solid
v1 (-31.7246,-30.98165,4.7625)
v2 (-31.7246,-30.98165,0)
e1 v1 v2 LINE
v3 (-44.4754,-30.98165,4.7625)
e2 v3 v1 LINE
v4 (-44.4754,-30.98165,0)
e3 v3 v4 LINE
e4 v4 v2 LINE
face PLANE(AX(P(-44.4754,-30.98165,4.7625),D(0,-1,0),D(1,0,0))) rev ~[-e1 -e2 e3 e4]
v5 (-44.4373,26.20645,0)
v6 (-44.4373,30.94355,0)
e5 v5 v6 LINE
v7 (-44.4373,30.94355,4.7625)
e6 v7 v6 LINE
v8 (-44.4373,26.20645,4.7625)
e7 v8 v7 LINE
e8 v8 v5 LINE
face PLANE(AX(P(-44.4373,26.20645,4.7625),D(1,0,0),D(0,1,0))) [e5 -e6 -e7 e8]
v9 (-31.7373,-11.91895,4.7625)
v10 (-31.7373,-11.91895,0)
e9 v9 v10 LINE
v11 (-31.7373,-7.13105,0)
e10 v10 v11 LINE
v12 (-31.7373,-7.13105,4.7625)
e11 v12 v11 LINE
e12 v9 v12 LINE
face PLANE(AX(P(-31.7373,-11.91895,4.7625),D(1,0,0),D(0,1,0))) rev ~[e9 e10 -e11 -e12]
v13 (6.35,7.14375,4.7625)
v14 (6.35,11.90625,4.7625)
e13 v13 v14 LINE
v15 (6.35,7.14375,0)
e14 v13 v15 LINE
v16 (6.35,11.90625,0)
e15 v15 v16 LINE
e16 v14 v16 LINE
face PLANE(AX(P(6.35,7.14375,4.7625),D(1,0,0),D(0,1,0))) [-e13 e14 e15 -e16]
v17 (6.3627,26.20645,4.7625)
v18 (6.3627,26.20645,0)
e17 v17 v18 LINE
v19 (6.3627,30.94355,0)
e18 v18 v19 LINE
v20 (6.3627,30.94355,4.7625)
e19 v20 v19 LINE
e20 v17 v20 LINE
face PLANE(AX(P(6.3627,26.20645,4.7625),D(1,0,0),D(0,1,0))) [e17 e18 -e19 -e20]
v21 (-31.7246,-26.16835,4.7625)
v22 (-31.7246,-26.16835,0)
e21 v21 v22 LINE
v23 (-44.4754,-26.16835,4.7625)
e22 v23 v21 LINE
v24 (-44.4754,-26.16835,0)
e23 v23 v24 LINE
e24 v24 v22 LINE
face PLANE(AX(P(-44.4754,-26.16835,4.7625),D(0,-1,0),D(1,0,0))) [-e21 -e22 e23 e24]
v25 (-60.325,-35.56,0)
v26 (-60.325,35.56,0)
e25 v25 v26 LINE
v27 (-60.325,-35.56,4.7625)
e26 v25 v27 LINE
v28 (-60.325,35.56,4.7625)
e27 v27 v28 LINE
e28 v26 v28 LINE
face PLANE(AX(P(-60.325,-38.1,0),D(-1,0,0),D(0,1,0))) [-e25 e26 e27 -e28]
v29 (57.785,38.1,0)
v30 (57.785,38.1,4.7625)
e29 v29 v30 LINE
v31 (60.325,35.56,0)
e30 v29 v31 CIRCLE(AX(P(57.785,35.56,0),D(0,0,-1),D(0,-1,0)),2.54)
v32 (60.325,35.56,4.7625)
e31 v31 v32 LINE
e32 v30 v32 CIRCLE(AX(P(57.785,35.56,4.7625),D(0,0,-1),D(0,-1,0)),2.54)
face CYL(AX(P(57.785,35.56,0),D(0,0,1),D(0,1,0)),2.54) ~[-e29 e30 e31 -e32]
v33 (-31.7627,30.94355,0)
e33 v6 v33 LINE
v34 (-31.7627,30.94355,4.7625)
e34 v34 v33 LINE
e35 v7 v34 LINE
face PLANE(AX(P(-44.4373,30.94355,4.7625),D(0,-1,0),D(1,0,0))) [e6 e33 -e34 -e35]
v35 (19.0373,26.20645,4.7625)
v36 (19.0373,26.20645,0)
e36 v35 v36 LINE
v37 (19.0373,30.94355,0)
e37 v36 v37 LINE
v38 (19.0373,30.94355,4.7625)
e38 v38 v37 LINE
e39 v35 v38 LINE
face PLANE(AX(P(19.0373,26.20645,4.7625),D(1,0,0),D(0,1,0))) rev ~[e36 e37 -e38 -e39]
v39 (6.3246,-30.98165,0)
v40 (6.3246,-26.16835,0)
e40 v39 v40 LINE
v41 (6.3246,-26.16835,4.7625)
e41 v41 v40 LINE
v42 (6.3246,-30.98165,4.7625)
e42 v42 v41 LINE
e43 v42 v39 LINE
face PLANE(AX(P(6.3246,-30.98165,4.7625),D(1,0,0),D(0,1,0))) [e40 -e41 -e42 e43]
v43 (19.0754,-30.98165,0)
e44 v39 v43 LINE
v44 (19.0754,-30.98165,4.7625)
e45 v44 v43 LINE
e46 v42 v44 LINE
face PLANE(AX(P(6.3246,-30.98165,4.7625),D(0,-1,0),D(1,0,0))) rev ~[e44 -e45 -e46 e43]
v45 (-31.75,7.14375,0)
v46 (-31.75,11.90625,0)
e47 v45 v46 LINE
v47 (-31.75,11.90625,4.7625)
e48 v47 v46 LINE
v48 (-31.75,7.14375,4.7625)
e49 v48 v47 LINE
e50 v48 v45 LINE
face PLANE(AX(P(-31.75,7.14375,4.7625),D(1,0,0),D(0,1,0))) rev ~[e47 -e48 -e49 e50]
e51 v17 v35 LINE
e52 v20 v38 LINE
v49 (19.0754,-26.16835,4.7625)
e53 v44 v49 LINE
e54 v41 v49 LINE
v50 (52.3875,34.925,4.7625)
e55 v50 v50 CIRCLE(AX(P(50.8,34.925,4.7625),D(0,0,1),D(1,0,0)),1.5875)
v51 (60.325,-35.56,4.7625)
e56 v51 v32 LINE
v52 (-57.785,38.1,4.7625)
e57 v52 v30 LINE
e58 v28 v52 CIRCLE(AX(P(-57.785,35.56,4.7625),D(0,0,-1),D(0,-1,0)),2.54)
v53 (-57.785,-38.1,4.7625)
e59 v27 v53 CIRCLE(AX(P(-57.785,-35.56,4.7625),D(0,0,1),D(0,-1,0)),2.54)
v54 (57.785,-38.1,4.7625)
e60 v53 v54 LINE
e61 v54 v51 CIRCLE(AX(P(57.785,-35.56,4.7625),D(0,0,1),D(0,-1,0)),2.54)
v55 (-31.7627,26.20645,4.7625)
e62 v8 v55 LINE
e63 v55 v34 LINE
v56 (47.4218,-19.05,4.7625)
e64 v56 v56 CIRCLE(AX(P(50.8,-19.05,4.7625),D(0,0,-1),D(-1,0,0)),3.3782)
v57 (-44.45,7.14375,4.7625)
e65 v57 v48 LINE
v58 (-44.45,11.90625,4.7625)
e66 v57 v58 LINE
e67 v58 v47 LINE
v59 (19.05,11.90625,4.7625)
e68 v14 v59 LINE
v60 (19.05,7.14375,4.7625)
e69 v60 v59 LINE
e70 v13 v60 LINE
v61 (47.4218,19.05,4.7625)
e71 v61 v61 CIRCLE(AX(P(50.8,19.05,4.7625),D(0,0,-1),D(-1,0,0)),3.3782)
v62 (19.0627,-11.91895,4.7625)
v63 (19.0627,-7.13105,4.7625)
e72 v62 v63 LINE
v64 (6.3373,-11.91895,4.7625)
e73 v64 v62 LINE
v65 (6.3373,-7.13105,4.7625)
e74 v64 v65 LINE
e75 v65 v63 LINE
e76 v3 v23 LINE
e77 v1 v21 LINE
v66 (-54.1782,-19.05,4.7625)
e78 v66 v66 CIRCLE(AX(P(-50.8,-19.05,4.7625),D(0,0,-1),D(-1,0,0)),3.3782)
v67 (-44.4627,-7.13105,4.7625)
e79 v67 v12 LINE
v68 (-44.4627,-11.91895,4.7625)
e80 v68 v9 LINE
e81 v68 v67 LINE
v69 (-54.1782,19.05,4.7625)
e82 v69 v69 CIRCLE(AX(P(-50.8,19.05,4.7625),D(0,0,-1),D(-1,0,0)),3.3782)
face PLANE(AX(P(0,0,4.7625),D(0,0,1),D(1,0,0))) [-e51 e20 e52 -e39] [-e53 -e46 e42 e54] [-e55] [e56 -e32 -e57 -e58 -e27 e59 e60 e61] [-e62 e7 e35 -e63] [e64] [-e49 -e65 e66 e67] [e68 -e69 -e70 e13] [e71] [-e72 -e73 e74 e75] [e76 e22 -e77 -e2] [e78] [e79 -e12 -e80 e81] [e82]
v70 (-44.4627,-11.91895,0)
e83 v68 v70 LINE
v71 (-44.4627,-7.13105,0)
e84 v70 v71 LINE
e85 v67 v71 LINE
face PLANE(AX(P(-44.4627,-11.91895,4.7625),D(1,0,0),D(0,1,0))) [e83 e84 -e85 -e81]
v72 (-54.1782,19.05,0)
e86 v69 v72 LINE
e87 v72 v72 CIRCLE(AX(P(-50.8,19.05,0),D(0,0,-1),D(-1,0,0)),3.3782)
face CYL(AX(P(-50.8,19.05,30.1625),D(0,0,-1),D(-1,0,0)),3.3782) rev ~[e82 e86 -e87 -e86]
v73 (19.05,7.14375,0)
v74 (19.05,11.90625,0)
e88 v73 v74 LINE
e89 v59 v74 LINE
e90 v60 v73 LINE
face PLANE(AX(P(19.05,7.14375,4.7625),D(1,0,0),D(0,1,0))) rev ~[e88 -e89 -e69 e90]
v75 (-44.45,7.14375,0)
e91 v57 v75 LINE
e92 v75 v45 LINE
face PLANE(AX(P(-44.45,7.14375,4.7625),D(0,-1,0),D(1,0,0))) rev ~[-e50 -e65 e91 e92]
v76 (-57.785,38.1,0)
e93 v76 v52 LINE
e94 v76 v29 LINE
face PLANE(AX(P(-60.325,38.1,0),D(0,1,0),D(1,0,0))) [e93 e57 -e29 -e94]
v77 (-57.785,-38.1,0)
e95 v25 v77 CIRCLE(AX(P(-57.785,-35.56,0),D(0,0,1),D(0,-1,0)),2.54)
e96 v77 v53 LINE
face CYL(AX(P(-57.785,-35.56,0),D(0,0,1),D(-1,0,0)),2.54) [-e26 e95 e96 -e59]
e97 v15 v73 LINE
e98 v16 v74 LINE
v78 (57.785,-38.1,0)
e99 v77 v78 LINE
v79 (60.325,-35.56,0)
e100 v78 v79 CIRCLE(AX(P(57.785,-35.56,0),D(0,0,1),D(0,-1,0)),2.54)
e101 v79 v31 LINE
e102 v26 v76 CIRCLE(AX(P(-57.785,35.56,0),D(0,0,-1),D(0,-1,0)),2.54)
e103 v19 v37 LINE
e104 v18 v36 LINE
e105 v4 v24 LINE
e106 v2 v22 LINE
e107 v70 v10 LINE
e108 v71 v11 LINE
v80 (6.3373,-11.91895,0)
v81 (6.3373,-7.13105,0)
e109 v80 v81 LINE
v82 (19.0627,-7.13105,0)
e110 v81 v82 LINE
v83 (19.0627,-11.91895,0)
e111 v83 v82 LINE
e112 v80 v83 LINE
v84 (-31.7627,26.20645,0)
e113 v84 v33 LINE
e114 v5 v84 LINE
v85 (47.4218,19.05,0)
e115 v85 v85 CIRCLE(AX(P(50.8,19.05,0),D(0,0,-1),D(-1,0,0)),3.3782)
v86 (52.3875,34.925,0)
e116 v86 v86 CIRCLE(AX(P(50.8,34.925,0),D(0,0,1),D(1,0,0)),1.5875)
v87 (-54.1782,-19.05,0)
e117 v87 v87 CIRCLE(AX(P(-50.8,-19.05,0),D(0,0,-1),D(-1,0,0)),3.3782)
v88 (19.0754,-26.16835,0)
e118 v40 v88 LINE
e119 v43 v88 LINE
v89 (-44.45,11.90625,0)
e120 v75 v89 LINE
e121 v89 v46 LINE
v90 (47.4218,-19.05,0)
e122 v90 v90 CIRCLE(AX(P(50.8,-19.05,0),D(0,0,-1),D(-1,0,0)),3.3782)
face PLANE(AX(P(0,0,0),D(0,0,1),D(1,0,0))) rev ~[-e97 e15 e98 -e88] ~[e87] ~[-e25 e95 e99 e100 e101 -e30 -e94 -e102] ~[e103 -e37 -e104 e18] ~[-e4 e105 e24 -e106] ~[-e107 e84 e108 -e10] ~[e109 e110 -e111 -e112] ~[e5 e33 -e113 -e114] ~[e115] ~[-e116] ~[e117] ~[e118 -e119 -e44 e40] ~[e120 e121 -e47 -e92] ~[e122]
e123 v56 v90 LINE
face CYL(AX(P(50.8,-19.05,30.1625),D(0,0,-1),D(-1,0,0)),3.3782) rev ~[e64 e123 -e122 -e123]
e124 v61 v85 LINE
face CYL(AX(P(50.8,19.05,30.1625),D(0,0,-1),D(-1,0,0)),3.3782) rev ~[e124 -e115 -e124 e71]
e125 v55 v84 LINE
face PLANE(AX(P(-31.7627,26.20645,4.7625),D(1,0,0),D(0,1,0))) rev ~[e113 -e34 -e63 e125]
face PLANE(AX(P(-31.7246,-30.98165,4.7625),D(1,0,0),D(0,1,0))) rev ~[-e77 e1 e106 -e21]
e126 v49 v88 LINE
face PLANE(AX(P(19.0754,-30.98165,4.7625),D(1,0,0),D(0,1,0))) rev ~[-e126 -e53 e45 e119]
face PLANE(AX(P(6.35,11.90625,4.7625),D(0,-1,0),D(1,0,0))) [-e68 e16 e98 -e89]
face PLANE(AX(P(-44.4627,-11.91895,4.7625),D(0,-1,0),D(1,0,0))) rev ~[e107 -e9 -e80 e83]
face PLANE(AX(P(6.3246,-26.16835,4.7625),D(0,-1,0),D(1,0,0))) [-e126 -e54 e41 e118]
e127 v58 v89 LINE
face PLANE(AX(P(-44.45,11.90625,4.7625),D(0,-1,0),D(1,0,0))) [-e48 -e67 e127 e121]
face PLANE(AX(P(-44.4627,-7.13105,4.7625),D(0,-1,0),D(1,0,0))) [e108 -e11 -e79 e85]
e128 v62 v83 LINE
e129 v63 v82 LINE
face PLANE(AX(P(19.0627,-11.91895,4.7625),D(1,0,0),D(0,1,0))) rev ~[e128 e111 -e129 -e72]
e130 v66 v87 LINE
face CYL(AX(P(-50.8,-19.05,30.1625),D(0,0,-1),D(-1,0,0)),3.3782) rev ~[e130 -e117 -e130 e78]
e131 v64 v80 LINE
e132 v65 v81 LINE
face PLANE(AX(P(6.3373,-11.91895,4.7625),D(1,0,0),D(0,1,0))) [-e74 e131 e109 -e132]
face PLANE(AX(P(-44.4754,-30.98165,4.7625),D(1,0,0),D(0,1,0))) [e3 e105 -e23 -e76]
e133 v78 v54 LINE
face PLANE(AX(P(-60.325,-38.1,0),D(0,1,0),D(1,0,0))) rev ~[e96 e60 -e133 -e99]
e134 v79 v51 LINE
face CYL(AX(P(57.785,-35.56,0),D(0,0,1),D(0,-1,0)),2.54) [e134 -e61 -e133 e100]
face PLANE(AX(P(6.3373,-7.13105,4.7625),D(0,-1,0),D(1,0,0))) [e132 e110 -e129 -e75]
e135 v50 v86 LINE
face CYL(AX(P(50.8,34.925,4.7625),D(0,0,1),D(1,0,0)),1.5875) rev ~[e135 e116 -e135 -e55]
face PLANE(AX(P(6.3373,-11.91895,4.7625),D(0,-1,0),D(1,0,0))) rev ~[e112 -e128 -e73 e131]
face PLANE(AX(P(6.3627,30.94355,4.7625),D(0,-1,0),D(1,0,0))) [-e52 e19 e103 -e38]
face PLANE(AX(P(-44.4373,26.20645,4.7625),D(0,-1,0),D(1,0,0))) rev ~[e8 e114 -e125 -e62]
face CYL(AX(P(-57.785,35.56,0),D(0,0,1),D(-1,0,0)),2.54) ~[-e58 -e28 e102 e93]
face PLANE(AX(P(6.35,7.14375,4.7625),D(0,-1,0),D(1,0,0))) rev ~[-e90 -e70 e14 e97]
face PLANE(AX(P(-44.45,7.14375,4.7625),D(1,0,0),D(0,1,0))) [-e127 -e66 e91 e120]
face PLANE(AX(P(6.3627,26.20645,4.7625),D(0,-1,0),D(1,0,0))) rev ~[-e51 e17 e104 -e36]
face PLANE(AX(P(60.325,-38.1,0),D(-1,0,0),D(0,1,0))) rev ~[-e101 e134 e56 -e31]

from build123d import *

# Parameters (mm, degrees)
SKETCH1_W                   = 120.65
SKETCH1_H                   = 76.2
BOSS_EXTRUDE1_DEPTH         = 4.7625
SKETCH2_W                   = 12.6746
SKETCH2_H                   = 4.7371
SKETCH2_W_2                 = 12.7
SKETCH2_H_2                 = 4.7625
SKETCH2_W_3                 = 12.7254
SKETCH2_H_3                 = 4.7879
SKETCH2_W_4                 = 12.7508
SKETCH2_H_4                 = 4.8133
CUT_EXTRUDE1_DEPTH          = 5.7625
F_1_4_CLEARANCE_HOLE1_D     = 6.7564
F_1_4_CLEARANCE_HOLE1_DEPTH = 25.4
F_1_4_CLEARANCE_HOLE1_TIP   = 2.029827343
SKETCH6_R                   = 1.5875
CUT_EXTRUDE2_DEPTH          = 5.7625
FILLET1_R                   = 2.54


with BuildPart() as part:
    # Sketch1 → Boss-Extrude1 (new body)
    with BuildSketch(Plane.XY):
        Rectangle(SKETCH1_W, SKETCH1_H)
    extrude(amount=BOSS_EXTRUDE1_DEPTH)

    # Sketch2 → Cut-Extrude1 (cut, through all)
    with BuildSketch(Plane.XY.offset(4.7625)):
        with Locations((-38.1, 28.575)):
            Rectangle(SKETCH2_W, SKETCH2_H)
        with Locations((12.7, 28.575)):
            Rectangle(SKETCH2_W, SKETCH2_H)
        with Locations((-38.1, 9.525)):
            Rectangle(SKETCH2_W_2, SKETCH2_H_2)
        with Locations((12.7, 9.525)):
            Rectangle(SKETCH2_W_2, SKETCH2_H_2)
        with Locations((-38.1, -9.525)):
            Rectangle(SKETCH2_W_3, SKETCH2_H_3)
        with Locations((12.7, -9.525)):
            Rectangle(SKETCH2_W_3, SKETCH2_H_3)
        with Locations((-38.1, -28.575)):
            Rectangle(SKETCH2_W_4, SKETCH2_H_4)
        with Locations((12.7, -28.575)):
            Rectangle(SKETCH2_W_4, SKETCH2_H_4)
    extrude(amount=-CUT_EXTRUDE1_DEPTH, mode=Mode.SUBTRACT)

    # 1/4 Clearance Hole1
    with Locations(Plane.XY.offset(4.7625)):
        with Locations((-50.8, 19.05), (50.8, 19.05), (-50.8, -19.05), (50.8, -19.05)):
            Hole(F_1_4_CLEARANCE_HOLE1_D / 2, depth=F_1_4_CLEARANCE_HOLE1_DEPTH)
            with Locations((0, 0, -(F_1_4_CLEARANCE_HOLE1_DEPTH + F_1_4_CLEARANCE_HOLE1_TIP / 2))):  # 118° drill point
                Cone(0, F_1_4_CLEARANCE_HOLE1_D / 2, F_1_4_CLEARANCE_HOLE1_TIP, mode=Mode.SUBTRACT)

    # Sketch6 → Cut-Extrude2 (cut, through all)
    with BuildSketch(Plane.XY.offset(4.7625)):
        with Locations((50.8, 34.925)):
            Circle(SKETCH6_R)
    extrude(amount=-CUT_EXTRUDE2_DEPTH, mode=Mode.SUBTRACT)

    # Fillet1
    fillet1_edges = [part.edges().sort_by_distance(p)[0] for p in [
        (-60.325, 38.1, 2.38125),
        (60.325, 38.1, 2.38125),
        (60.325, -38.1, 2.38125),
        (-60.325, -38.1, 2.38125),
    ]]
    fillet(fillet1_edges, radius=FILLET1_R)


solid = part.part
